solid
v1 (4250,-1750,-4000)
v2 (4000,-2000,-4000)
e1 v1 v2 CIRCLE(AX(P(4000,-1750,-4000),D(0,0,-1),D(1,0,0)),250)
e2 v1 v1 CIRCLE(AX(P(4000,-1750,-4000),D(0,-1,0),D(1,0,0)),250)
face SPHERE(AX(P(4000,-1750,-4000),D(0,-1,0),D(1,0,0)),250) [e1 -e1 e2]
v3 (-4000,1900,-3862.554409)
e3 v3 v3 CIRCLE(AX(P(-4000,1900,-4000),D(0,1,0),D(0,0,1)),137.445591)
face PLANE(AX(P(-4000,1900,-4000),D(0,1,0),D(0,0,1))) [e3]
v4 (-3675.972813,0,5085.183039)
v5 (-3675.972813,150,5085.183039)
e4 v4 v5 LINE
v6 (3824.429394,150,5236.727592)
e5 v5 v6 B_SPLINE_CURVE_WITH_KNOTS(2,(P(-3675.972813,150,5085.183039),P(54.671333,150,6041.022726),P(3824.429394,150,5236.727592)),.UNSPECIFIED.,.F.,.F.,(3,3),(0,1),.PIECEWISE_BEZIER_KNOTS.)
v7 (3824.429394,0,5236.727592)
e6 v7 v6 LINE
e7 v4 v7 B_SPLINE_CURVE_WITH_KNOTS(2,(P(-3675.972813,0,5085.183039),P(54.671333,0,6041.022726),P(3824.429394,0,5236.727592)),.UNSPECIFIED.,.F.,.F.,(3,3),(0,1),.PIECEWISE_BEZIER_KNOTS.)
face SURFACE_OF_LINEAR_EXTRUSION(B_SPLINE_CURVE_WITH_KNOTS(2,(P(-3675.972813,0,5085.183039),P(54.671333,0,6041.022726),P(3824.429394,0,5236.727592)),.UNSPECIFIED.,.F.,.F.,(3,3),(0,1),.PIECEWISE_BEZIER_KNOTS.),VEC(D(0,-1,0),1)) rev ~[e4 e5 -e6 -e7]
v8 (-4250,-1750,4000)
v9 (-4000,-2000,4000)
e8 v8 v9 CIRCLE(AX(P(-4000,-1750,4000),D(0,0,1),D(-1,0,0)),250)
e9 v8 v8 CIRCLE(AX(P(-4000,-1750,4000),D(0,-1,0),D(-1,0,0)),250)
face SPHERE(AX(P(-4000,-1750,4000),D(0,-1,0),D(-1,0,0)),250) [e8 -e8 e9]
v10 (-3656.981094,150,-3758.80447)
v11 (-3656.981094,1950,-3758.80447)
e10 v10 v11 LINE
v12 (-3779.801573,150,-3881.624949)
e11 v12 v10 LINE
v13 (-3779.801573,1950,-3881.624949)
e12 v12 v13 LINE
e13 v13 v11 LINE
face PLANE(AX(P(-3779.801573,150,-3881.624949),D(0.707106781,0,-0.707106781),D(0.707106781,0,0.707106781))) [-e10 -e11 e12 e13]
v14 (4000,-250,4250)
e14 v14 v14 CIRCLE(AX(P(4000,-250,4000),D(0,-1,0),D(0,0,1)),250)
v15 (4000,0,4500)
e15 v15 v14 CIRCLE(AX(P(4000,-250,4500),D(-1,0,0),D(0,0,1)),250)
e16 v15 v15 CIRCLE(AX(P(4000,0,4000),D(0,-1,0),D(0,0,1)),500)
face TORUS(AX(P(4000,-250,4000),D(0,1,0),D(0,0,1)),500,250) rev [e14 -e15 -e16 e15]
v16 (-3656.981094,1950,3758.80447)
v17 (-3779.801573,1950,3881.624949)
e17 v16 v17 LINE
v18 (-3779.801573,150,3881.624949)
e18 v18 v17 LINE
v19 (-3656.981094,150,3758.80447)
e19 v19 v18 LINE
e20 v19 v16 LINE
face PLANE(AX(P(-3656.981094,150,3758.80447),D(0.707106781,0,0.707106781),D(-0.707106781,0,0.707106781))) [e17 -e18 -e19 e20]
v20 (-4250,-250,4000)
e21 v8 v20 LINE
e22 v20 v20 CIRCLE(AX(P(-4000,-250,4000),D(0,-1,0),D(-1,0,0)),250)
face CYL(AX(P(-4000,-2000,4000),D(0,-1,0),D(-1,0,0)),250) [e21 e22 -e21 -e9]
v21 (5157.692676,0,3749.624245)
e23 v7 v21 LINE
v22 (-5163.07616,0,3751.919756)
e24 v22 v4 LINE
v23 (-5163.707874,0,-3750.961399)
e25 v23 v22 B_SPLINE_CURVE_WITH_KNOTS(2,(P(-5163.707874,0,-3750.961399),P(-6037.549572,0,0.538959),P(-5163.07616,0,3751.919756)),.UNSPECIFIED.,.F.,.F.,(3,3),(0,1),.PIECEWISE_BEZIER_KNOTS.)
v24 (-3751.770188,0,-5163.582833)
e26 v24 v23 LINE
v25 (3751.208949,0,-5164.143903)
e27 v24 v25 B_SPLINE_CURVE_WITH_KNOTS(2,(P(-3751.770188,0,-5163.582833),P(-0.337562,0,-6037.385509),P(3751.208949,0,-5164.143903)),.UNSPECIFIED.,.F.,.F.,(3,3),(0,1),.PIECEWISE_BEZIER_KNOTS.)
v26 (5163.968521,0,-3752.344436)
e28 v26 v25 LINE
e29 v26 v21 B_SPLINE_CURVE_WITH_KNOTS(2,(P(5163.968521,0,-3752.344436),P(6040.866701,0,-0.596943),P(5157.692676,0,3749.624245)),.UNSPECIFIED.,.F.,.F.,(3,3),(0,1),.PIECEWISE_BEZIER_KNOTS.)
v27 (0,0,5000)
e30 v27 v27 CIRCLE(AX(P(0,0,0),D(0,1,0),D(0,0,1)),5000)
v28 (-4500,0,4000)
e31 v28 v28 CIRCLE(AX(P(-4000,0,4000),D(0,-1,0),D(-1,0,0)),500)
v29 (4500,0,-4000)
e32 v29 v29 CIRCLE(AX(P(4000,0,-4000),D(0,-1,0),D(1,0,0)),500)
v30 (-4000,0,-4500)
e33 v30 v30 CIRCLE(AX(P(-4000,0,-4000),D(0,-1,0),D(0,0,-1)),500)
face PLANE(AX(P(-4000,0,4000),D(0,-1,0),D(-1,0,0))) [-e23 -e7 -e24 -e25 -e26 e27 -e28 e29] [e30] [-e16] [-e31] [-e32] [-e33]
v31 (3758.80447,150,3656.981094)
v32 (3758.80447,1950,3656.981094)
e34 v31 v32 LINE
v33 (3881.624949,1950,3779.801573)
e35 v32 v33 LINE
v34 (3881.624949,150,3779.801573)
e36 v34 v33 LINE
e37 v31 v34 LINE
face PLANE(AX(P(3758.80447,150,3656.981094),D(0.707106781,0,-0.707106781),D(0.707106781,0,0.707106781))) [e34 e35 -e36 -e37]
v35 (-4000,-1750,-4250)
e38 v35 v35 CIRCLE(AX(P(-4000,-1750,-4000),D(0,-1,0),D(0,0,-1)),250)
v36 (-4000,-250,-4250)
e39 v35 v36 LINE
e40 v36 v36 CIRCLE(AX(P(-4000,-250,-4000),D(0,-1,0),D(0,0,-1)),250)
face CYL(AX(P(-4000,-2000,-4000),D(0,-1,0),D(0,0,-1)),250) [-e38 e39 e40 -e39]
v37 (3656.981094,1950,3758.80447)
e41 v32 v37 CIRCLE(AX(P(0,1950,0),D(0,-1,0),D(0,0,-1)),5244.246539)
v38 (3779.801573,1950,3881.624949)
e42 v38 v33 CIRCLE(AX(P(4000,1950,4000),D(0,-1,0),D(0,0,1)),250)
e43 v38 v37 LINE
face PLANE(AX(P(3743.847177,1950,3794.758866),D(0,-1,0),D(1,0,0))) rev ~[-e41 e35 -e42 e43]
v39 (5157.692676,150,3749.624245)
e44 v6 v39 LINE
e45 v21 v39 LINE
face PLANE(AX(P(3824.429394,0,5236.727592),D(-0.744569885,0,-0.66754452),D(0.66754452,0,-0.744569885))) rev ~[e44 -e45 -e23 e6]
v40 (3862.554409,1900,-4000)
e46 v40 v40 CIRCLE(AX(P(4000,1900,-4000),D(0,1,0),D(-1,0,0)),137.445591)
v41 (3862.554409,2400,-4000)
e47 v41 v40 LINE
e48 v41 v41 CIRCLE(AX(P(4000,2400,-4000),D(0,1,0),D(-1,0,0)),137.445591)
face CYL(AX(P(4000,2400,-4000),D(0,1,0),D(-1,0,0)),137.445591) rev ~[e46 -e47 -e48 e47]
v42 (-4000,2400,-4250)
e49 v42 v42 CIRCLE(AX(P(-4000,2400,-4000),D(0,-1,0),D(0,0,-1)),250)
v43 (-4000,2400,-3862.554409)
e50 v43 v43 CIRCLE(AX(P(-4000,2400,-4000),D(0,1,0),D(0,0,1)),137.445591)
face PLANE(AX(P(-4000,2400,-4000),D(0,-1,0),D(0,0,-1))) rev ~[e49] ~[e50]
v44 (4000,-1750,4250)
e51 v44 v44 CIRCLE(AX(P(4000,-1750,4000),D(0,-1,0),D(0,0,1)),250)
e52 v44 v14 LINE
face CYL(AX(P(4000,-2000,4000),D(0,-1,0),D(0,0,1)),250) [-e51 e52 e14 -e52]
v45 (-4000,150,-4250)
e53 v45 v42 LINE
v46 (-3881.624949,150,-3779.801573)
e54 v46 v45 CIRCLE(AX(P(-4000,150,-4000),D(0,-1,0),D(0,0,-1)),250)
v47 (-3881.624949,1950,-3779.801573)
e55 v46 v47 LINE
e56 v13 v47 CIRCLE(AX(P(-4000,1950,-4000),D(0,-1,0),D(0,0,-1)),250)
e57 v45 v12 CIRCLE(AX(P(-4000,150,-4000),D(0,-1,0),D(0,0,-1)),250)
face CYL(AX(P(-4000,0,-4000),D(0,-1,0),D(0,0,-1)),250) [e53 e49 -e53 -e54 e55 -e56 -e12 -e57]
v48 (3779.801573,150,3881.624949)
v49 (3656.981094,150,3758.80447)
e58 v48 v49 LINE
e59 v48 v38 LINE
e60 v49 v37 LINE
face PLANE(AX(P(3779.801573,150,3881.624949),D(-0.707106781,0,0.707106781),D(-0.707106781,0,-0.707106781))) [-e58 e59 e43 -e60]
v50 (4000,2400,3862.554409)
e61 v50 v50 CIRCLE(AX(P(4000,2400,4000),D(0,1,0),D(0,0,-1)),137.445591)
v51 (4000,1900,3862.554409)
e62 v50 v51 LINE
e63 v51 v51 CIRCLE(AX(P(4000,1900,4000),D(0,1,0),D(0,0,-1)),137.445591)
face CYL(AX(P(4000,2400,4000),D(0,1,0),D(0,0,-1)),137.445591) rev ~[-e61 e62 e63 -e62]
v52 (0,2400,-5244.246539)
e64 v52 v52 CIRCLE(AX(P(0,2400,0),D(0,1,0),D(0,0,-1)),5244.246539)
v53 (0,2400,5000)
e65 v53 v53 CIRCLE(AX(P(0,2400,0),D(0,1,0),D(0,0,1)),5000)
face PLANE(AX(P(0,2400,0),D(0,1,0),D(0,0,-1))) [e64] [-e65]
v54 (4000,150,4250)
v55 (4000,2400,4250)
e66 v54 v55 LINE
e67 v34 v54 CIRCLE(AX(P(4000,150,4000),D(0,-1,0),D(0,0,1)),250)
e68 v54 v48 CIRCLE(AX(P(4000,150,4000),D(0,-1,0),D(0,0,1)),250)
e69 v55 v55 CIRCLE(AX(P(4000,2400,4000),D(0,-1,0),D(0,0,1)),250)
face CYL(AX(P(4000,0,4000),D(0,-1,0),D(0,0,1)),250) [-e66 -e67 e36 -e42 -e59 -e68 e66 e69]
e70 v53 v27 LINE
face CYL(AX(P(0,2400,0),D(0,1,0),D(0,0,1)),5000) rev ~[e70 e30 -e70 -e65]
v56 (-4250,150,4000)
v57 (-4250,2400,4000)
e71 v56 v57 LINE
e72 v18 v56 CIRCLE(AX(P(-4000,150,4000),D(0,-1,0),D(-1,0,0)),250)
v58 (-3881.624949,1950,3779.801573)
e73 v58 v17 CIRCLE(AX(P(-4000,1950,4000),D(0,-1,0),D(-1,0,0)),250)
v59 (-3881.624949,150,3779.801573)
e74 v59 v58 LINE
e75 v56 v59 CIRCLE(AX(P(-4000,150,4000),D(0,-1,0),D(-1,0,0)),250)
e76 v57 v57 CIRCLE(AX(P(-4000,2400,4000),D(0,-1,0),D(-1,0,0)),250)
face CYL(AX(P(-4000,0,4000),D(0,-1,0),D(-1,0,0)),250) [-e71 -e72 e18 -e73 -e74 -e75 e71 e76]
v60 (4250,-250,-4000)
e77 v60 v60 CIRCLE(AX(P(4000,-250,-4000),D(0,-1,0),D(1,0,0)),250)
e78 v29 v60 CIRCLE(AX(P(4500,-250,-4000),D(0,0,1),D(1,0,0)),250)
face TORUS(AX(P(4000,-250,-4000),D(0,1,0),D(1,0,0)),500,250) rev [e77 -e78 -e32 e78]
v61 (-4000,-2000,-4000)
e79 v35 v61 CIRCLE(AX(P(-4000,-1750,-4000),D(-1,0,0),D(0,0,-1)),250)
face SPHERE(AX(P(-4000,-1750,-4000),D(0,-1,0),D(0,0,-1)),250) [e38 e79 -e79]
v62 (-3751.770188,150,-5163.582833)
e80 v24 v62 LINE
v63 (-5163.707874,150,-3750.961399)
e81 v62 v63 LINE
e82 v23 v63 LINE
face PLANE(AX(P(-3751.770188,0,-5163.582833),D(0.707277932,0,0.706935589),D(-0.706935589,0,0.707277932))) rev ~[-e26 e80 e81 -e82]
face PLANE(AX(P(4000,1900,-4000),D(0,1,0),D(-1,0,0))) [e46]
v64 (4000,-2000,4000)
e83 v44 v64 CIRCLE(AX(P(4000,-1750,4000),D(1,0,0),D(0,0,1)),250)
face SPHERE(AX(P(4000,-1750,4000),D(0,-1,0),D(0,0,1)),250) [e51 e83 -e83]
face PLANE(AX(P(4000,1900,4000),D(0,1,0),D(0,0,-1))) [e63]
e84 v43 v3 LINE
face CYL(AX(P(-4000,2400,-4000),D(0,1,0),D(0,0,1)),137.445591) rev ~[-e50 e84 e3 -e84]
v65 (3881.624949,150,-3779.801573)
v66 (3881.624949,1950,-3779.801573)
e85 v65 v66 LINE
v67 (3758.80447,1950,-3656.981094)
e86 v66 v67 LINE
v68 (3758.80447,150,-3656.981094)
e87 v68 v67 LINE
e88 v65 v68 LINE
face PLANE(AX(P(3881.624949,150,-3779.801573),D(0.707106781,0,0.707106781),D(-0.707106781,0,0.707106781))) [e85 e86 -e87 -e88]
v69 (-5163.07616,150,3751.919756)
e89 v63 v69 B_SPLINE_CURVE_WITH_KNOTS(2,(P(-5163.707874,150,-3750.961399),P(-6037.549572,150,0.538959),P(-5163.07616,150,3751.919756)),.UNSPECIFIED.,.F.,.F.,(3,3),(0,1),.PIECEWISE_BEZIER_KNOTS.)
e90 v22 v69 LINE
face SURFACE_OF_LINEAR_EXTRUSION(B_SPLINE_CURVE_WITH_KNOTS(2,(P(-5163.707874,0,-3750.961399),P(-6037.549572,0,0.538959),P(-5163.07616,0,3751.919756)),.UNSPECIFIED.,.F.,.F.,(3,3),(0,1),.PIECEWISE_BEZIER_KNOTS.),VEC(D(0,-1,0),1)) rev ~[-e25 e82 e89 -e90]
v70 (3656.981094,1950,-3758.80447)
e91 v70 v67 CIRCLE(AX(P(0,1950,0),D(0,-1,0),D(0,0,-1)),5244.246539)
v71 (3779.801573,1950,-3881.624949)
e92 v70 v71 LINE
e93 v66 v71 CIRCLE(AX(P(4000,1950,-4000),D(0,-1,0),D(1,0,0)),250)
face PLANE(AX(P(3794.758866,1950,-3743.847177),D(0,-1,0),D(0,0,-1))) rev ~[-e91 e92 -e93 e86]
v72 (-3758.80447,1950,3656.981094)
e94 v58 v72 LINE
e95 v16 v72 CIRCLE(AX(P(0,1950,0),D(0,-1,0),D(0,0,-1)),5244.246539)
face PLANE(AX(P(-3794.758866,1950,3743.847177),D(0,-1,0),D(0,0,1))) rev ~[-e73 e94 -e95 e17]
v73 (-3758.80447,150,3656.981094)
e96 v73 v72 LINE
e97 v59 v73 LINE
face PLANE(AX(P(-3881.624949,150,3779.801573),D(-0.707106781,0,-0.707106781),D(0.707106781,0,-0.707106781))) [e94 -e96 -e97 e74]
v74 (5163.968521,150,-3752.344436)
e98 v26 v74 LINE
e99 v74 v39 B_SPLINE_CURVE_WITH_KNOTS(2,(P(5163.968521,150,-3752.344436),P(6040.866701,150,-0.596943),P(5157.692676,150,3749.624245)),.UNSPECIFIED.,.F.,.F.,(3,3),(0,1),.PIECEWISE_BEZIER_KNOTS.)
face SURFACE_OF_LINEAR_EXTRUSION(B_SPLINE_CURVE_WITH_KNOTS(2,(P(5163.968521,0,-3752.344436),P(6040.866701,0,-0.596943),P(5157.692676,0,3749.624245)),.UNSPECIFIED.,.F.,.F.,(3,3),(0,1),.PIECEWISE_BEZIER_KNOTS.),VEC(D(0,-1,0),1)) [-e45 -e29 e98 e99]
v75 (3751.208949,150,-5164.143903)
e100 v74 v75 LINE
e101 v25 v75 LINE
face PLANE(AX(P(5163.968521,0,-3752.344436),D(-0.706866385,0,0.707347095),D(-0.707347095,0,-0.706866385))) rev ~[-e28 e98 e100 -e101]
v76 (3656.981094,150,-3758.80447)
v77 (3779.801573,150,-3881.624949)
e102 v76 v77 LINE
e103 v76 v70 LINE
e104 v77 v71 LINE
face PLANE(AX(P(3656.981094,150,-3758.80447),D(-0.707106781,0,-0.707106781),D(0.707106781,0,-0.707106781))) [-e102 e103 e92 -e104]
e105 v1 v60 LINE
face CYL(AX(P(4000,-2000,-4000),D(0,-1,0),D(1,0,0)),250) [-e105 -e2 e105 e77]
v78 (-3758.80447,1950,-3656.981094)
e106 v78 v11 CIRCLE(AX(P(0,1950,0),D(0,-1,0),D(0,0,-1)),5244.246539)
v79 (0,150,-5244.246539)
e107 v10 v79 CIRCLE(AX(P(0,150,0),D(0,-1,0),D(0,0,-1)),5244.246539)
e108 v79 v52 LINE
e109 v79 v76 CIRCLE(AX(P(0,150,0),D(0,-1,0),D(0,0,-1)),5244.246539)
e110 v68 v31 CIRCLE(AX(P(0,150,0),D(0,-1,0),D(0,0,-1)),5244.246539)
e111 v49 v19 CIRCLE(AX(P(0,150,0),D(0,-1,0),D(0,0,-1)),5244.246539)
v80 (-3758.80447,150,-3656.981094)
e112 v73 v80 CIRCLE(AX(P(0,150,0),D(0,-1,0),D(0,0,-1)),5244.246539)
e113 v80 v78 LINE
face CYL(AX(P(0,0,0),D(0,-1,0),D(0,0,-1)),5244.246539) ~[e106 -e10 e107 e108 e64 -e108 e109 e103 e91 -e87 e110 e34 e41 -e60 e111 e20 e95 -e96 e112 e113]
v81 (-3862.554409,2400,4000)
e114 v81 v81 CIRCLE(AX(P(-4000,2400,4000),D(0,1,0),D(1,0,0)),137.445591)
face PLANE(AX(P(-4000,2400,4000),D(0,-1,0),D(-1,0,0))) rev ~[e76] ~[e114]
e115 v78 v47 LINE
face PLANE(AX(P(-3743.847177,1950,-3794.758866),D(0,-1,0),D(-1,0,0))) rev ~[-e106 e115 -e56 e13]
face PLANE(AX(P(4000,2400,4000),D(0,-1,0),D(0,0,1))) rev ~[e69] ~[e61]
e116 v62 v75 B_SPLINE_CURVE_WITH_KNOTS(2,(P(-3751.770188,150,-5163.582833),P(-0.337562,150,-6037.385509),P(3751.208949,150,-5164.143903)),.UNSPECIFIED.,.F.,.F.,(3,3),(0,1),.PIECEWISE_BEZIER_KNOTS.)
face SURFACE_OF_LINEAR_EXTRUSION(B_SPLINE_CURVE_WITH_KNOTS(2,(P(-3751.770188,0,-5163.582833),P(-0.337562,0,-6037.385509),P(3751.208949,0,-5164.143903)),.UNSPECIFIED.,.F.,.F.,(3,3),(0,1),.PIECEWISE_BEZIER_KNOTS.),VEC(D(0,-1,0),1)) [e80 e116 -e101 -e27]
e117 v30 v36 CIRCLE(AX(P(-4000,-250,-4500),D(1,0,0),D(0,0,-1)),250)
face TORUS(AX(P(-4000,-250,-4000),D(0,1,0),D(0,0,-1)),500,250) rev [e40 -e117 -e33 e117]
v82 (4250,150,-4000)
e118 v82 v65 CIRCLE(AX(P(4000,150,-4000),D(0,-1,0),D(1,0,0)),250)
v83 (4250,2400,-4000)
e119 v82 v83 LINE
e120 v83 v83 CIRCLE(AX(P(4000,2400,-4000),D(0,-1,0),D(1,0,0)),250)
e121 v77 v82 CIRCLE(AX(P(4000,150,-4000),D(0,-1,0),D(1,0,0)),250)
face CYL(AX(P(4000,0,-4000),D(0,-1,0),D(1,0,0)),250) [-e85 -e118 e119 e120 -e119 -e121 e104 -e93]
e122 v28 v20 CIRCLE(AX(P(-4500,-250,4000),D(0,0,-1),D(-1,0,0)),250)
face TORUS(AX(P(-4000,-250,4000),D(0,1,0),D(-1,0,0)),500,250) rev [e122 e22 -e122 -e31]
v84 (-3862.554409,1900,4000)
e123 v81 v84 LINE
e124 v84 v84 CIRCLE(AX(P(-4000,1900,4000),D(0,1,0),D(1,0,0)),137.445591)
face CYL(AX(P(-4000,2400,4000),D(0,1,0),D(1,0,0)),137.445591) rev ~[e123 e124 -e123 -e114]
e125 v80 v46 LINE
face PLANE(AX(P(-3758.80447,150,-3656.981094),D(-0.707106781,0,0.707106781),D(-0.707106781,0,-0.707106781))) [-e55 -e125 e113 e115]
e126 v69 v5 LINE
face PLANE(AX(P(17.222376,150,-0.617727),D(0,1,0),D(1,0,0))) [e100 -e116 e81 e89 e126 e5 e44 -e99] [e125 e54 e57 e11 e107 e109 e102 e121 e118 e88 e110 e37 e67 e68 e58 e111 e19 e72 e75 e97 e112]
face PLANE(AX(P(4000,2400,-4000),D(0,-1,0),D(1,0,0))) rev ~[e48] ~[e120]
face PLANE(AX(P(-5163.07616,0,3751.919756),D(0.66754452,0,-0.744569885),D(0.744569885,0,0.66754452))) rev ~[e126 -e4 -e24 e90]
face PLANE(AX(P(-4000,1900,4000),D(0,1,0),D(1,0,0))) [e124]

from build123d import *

# Parameters (mm, degrees)
SKETCH2_R                = 5000
BOSS_EXTRUDE2_DEPTH      = 150
SKETCH3_R                = 5244.246539356
BOSS_EXTRUDE3_DEPTH      = 2400
SKETCH4_R                = 5000
CUT_EXTRUDE1_DEPTH       = 3000
SKETCH7_R                = 250
BOSS_EXTRUDE12_DEPTH     = 2400
BOSS_EXTRUDE13_START     = 2000
SKETCH9_R                = 250
BOSS_EXTRUDE13_DEPTH     = 2000
FILLET1_R                = 250
SKETCH10_R               = 137.445591435
CUT_EXTRUDE2_DEPTH       = 500
EXTRUDE_THIN10_DEPTH     = 1800
CIRPATTERN1_COUNT        = 4
FILLET1_OF_CIRPATTERN1_R = 250


with BuildPart() as part:
    # Sketch2 → Boss-Extrude2 (new body)
    with BuildSketch(Plane(origin=(0, 0, 0), x_dir=(1, 0, 0), z_dir=(0, 1, 0))):
        with BuildLine():
            Line((3824.429393628, -5236.727592336), (5157.692676049, -3749.624245316))
            add(Edge.make_bspline(
                [(5163.968520998, 3752.344435712), (6040.866701019, 0.596942764), (5157.692676049, -3749.624245316)],
                knots=[0, 0, 0, 1, 1, 1], degree=2))
            Line((5163.968520998, 3752.344435712), (3751.208948661, 5164.143902966))
            add(Edge.make_bspline(
                [(-3751.770188441, 5163.582833105), (-0.337562444, 6037.385508755), (3751.208948661, 5164.143902966)],
                knots=[0, 0, 0, 1, 1, 1], degree=2))
            Line((-3751.770188441, 5163.582833105), (-5163.707873982, 3750.961398637))
            add(Edge.make_bspline(
                [(-5163.707873982, 3750.961398637), (-6037.549572471, -0.53895869), (-5163.076160475, -3751.919756157)],
                knots=[0, 0, 0, 1, 1, 1], degree=2))
            Line((-5163.076160475, -3751.919756157), (-3675.972813455, -5085.183038578))
            add(Edge.make_bspline(
                [(-3675.972813455, -5085.183038578), (54.671333271, -6041.022726245), (3824.429393628, -5236.727592336)],
                knots=[0, 0, 0, 1, 1, 1], degree=2))
        make_face()
        Circle(SKETCH2_R, mode=Mode.SUBTRACT)
    extrude(amount=BOSS_EXTRUDE2_DEPTH)

    # Sketch3 → Boss-Extrude3 (add)
    with BuildSketch(Plane(origin=(0, 0, 0), x_dir=(1, 0, 0), z_dir=(0, 1, 0))):
        Circle(SKETCH3_R)
    extrude(amount=BOSS_EXTRUDE3_DEPTH)

    # Sketch4 → Cut-Extrude1 (cut)
    with BuildSketch(Plane(origin=(0, 2400, 0), x_dir=(1, 0, 0), z_dir=(0, 1, 0))):
        Circle(SKETCH4_R)
    extrude(amount=-CUT_EXTRUDE1_DEPTH, mode=Mode.SUBTRACT)

    # Sketch7 → Boss-Extrude12 (add)
    with BuildSketch(Plane(origin=(0, 0, 0), x_dir=(-1, 0, 0), z_dir=(0, -1, 0))):
        with Locations((4000, 4000)):
            Circle(SKETCH7_R)
    boss_extrude12 = extrude(amount=-BOSS_EXTRUDE12_DEPTH)

    # Sketch9 → Boss-Extrude13 (add)
    with BuildSketch(Plane(origin=(0, 0, 0), x_dir=(-1, 0, 0), z_dir=(0, -1, 0)).offset(BOSS_EXTRUDE13_START)):
        with Locations((4000, 4000)):
            Circle(SKETCH9_R)
    boss_extrude13 = extrude(amount=-BOSS_EXTRUDE13_DEPTH)

    # Fillet1
    fillet1_edges = [part.edges().sort_by_distance(p)[0] for p in [
        (-3750, 0, -4000),
        (-3750, -2000, -4000),
    ]]
    fillet(fillet1_edges, radius=FILLET1_R)

    # Sketch10 → Cut-Extrude2 (cut)
    with BuildSketch(Plane(origin=(0, 2400, 0), x_dir=(1, 0, 0), z_dir=(0, 1, 0))):
        with Locations((-4000, 4000)):
            Circle(SKETCH10_R)
    cut_extrude2 = extrude(amount=-CUT_EXTRUDE2_DEPTH, mode=Mode.SUBTRACT)

    # Sketch13 → Extrude-Thin10 (add)
    with BuildSketch(Plane(origin=(0, 150, 0), x_dir=(1, 0, 0), z_dir=(0, 1, 0))):
        Polygon((-3779.801572758, 3881.624949249), (-3656.98109375, 3758.804470241), (-3707.892781996, 3707.892781996), (-3830.713261004, 3830.713261004), align=None)
        Polygon((-3758.804470241, 3656.98109375), (-3881.624949249, 3779.801572758), (-3830.713261004, 3830.713261004), (-3707.892781996, 3707.892781996), align=None)
    extrude_thin10 = extrude(amount=EXTRUDE_THIN10_DEPTH)

    # CirPattern1: Boss-Extrude12, Boss-Extrude13, Cut-Extrude2, Extrude-Thin10 ×4 about axis
    cirpattern1_axis = Axis((0, 3250, 0), (0, -1, 0))
    add([boss_extrude12.rotate(cirpattern1_axis, i * 360 / CIRPATTERN1_COUNT) for i in range(1, CIRPATTERN1_COUNT)])
    add([boss_extrude13.rotate(cirpattern1_axis, i * 360 / CIRPATTERN1_COUNT) for i in range(1, CIRPATTERN1_COUNT)])
    add([cut_extrude2.rotate(cirpattern1_axis, i * 360 / CIRPATTERN1_COUNT) for i in range(1, CIRPATTERN1_COUNT)], mode=Mode.SUBTRACT)
    add([extrude_thin10.rotate(cirpattern1_axis, i * 360 / CIRPATTERN1_COUNT) for i in range(1, CIRPATTERN1_COUNT)])

    # Fillet1 of CirPattern1
    fillet1_of_cirpattern1_edges = [part.edges().sort_by_distance(p)[0] for p in [
        (4000, 0, -3750),
        (4000, -2000, -3750),
        (3750, 0, 4000),
        (3750, -2000, 4000),
        (-4000, 0, 3750),
        (-4000, -2000, 3750),
    ]]
    fillet(fillet1_of_cirpattern1_edges, radius=FILLET1_OF_CIRPATTERN1_R)


solid = part.part
